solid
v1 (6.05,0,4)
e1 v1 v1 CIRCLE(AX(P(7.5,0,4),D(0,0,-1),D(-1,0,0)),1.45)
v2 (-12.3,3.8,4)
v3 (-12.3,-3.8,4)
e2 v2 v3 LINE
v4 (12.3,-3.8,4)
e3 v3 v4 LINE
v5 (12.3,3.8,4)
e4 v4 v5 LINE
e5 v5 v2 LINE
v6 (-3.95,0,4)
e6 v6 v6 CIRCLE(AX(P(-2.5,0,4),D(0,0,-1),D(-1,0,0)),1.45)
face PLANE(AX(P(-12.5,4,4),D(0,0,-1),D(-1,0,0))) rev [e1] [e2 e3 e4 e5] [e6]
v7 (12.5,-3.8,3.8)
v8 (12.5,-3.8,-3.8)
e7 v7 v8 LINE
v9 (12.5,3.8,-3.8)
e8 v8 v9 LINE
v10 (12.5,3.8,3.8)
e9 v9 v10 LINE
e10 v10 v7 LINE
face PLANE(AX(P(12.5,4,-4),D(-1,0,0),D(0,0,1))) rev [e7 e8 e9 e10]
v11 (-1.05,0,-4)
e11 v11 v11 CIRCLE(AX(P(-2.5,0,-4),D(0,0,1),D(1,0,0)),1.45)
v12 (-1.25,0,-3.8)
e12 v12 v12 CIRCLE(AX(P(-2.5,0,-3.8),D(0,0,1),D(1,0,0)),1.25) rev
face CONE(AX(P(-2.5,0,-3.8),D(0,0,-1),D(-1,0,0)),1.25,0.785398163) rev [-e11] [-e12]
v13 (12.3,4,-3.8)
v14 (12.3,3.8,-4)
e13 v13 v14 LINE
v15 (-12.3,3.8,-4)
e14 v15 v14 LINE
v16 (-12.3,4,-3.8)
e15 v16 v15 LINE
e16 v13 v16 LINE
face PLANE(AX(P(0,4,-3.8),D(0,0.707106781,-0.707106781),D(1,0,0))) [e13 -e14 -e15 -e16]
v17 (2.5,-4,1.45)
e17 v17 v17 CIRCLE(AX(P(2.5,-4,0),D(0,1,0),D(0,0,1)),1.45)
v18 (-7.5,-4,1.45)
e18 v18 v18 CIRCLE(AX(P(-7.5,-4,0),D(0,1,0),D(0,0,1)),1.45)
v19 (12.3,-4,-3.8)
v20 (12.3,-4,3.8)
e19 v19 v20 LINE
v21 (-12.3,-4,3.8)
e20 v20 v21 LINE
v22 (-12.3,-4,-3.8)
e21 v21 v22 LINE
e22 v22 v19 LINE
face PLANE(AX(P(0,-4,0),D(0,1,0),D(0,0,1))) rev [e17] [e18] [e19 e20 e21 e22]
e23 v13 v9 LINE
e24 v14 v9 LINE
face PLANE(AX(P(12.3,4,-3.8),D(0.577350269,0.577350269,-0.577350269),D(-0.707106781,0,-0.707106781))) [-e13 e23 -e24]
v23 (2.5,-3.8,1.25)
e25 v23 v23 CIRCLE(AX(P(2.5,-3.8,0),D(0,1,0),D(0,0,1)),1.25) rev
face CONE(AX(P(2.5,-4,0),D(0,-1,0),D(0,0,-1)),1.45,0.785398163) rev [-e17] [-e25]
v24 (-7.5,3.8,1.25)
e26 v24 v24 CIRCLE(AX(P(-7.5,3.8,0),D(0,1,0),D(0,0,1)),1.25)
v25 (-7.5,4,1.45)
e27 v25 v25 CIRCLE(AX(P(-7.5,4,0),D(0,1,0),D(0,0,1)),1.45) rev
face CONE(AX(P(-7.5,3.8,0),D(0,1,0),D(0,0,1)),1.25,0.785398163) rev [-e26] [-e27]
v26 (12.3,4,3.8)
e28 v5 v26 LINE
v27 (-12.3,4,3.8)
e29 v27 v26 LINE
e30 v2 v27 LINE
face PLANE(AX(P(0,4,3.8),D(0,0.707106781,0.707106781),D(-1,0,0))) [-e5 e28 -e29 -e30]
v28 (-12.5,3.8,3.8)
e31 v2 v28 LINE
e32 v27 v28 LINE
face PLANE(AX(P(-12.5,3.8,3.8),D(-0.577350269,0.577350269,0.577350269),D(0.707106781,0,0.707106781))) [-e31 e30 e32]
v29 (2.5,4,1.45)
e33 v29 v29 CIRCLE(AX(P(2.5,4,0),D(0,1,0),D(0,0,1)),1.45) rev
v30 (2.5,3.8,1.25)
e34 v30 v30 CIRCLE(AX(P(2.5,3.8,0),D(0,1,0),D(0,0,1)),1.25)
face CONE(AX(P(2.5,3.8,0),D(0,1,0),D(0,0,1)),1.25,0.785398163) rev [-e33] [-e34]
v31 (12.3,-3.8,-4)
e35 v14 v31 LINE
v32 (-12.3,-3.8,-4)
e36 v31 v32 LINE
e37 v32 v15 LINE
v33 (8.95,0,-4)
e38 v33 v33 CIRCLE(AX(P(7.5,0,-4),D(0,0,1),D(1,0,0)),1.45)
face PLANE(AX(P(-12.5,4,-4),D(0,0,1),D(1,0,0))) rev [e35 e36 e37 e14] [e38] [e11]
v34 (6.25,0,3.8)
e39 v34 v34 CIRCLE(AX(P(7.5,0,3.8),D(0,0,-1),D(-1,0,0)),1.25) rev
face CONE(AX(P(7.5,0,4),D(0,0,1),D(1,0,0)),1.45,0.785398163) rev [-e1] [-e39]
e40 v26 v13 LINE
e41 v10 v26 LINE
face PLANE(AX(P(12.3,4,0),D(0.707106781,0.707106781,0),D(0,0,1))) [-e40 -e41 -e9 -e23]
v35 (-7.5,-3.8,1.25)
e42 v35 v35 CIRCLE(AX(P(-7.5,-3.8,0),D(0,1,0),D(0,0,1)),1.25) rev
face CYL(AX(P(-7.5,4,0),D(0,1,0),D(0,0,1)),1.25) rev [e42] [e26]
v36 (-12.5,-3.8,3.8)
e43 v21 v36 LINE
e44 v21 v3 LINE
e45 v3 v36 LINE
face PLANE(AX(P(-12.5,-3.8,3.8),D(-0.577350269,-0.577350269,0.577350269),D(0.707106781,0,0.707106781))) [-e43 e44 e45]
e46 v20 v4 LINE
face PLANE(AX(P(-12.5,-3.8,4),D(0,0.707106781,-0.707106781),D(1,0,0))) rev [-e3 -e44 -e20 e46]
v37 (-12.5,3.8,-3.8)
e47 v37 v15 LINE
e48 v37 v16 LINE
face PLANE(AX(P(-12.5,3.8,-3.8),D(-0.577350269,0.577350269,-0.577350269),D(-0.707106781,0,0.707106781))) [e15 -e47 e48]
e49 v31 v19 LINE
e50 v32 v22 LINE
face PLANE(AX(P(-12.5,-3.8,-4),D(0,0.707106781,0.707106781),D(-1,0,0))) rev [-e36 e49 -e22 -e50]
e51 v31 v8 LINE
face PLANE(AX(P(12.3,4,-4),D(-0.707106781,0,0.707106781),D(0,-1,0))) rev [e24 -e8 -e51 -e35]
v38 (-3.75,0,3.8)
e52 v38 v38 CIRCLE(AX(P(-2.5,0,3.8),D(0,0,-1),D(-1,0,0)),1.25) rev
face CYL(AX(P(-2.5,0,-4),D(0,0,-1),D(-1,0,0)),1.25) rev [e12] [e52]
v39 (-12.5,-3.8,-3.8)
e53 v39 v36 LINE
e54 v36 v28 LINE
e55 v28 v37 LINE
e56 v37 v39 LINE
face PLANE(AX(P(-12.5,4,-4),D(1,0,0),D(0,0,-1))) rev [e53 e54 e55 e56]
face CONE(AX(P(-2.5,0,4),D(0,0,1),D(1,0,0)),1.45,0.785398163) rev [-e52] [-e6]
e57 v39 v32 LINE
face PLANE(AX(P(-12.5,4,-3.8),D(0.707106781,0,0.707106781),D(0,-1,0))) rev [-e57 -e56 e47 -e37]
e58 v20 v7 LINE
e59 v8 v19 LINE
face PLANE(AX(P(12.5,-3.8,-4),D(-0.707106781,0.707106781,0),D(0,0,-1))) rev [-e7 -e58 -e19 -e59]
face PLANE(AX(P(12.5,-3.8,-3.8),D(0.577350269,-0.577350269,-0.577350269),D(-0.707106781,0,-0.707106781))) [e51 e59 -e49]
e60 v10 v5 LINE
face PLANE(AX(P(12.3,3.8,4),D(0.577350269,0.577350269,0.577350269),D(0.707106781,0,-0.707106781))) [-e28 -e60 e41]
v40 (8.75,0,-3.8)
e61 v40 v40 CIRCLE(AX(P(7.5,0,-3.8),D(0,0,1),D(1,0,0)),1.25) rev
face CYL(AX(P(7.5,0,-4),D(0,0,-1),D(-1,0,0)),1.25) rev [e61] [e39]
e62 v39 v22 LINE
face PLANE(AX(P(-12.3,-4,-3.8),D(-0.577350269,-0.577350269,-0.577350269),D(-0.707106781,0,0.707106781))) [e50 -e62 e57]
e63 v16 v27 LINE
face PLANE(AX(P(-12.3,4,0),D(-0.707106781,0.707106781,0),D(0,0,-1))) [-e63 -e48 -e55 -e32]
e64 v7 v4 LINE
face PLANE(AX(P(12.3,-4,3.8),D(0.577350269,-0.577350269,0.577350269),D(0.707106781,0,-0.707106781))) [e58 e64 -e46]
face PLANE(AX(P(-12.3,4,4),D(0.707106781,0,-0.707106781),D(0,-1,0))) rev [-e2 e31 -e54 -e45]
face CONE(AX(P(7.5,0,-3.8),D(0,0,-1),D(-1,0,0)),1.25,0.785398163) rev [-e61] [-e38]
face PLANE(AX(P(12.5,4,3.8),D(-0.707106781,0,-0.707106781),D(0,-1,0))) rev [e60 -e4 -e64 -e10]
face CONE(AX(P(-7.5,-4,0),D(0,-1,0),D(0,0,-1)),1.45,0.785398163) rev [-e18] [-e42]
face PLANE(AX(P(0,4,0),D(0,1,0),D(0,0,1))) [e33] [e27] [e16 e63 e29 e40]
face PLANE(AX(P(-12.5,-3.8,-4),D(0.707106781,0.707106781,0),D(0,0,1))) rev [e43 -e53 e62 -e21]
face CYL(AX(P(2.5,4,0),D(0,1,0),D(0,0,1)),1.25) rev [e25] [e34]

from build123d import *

# Parameters (mm, degrees)
SKETCH_1_W         = 25
SKETCH_1_H         = 8
EXTRUDE_1_DEPTH    = 4
HOLE_WIZARD_M3_1_D = 2.5
HOLE_WIZARD_M3_2_D = 2.5
CHAMFER_1_SIZE     = 0.2


with BuildPart() as part:
    # 草图1 → 凸台-拉伸1 (new, symmetric)
    with BuildSketch(Plane(origin=(0, 0, 0), x_dir=(1, 0, 0), z_dir=(0, 1, 0))):
        Rectangle(SKETCH_1_W, SKETCH_1_H)
    extrude(amount=EXTRUDE_1_DEPTH, both=True)

    # M3 螺纹孔1 (through all)
    with Locations(Plane(origin=(0, 4, 0), x_dir=(1, 0, 0), z_dir=(0, 1, 0))):
        with Locations((-7.5, 0), (2.5, 0)):
            Hole(HOLE_WIZARD_M3_1_D / 2)

    # M3 螺纹孔2 (through all)
    with Locations(Plane(origin=(0, 0, -4), x_dir=(-1, 0, 0), z_dir=(0, 0, -1))):
        with Locations((-7.5, 0), (2.5, 0)):
            Hole(HOLE_WIZARD_M3_2_D / 2)

    # 倒角1
    chamfer_1_edges = [part.edges().sort_by_distance(p)[0] for p in [
        (-12.5, 4, 0),
        (3.75, 4, 0),
        (3.75, -4, 0),
        (0, 4, 4),
        (-6.25, 4, 0),
        (-6.25, -4, 0),
        (-3.75, 0, -4),
        (-3.75, 0, 4),
        (6.25, 0, -4),
        (6.25, 0, 4),
        (12.5, 4, 0),
        (0, -4, 4),
        (-12.5, -4, 0),
        (0, -4, -4),
        (12.5, -4, 0),
        (12.5, 0, 4),
        (-12.5, 0, 4),
        (-12.5, 0, -4),
        (12.5, 0, -4),
        (0, 4, -4),
    ]]
    chamfer(chamfer_1_edges, length=CHAMFER_1_SIZE)


solid = part.part
